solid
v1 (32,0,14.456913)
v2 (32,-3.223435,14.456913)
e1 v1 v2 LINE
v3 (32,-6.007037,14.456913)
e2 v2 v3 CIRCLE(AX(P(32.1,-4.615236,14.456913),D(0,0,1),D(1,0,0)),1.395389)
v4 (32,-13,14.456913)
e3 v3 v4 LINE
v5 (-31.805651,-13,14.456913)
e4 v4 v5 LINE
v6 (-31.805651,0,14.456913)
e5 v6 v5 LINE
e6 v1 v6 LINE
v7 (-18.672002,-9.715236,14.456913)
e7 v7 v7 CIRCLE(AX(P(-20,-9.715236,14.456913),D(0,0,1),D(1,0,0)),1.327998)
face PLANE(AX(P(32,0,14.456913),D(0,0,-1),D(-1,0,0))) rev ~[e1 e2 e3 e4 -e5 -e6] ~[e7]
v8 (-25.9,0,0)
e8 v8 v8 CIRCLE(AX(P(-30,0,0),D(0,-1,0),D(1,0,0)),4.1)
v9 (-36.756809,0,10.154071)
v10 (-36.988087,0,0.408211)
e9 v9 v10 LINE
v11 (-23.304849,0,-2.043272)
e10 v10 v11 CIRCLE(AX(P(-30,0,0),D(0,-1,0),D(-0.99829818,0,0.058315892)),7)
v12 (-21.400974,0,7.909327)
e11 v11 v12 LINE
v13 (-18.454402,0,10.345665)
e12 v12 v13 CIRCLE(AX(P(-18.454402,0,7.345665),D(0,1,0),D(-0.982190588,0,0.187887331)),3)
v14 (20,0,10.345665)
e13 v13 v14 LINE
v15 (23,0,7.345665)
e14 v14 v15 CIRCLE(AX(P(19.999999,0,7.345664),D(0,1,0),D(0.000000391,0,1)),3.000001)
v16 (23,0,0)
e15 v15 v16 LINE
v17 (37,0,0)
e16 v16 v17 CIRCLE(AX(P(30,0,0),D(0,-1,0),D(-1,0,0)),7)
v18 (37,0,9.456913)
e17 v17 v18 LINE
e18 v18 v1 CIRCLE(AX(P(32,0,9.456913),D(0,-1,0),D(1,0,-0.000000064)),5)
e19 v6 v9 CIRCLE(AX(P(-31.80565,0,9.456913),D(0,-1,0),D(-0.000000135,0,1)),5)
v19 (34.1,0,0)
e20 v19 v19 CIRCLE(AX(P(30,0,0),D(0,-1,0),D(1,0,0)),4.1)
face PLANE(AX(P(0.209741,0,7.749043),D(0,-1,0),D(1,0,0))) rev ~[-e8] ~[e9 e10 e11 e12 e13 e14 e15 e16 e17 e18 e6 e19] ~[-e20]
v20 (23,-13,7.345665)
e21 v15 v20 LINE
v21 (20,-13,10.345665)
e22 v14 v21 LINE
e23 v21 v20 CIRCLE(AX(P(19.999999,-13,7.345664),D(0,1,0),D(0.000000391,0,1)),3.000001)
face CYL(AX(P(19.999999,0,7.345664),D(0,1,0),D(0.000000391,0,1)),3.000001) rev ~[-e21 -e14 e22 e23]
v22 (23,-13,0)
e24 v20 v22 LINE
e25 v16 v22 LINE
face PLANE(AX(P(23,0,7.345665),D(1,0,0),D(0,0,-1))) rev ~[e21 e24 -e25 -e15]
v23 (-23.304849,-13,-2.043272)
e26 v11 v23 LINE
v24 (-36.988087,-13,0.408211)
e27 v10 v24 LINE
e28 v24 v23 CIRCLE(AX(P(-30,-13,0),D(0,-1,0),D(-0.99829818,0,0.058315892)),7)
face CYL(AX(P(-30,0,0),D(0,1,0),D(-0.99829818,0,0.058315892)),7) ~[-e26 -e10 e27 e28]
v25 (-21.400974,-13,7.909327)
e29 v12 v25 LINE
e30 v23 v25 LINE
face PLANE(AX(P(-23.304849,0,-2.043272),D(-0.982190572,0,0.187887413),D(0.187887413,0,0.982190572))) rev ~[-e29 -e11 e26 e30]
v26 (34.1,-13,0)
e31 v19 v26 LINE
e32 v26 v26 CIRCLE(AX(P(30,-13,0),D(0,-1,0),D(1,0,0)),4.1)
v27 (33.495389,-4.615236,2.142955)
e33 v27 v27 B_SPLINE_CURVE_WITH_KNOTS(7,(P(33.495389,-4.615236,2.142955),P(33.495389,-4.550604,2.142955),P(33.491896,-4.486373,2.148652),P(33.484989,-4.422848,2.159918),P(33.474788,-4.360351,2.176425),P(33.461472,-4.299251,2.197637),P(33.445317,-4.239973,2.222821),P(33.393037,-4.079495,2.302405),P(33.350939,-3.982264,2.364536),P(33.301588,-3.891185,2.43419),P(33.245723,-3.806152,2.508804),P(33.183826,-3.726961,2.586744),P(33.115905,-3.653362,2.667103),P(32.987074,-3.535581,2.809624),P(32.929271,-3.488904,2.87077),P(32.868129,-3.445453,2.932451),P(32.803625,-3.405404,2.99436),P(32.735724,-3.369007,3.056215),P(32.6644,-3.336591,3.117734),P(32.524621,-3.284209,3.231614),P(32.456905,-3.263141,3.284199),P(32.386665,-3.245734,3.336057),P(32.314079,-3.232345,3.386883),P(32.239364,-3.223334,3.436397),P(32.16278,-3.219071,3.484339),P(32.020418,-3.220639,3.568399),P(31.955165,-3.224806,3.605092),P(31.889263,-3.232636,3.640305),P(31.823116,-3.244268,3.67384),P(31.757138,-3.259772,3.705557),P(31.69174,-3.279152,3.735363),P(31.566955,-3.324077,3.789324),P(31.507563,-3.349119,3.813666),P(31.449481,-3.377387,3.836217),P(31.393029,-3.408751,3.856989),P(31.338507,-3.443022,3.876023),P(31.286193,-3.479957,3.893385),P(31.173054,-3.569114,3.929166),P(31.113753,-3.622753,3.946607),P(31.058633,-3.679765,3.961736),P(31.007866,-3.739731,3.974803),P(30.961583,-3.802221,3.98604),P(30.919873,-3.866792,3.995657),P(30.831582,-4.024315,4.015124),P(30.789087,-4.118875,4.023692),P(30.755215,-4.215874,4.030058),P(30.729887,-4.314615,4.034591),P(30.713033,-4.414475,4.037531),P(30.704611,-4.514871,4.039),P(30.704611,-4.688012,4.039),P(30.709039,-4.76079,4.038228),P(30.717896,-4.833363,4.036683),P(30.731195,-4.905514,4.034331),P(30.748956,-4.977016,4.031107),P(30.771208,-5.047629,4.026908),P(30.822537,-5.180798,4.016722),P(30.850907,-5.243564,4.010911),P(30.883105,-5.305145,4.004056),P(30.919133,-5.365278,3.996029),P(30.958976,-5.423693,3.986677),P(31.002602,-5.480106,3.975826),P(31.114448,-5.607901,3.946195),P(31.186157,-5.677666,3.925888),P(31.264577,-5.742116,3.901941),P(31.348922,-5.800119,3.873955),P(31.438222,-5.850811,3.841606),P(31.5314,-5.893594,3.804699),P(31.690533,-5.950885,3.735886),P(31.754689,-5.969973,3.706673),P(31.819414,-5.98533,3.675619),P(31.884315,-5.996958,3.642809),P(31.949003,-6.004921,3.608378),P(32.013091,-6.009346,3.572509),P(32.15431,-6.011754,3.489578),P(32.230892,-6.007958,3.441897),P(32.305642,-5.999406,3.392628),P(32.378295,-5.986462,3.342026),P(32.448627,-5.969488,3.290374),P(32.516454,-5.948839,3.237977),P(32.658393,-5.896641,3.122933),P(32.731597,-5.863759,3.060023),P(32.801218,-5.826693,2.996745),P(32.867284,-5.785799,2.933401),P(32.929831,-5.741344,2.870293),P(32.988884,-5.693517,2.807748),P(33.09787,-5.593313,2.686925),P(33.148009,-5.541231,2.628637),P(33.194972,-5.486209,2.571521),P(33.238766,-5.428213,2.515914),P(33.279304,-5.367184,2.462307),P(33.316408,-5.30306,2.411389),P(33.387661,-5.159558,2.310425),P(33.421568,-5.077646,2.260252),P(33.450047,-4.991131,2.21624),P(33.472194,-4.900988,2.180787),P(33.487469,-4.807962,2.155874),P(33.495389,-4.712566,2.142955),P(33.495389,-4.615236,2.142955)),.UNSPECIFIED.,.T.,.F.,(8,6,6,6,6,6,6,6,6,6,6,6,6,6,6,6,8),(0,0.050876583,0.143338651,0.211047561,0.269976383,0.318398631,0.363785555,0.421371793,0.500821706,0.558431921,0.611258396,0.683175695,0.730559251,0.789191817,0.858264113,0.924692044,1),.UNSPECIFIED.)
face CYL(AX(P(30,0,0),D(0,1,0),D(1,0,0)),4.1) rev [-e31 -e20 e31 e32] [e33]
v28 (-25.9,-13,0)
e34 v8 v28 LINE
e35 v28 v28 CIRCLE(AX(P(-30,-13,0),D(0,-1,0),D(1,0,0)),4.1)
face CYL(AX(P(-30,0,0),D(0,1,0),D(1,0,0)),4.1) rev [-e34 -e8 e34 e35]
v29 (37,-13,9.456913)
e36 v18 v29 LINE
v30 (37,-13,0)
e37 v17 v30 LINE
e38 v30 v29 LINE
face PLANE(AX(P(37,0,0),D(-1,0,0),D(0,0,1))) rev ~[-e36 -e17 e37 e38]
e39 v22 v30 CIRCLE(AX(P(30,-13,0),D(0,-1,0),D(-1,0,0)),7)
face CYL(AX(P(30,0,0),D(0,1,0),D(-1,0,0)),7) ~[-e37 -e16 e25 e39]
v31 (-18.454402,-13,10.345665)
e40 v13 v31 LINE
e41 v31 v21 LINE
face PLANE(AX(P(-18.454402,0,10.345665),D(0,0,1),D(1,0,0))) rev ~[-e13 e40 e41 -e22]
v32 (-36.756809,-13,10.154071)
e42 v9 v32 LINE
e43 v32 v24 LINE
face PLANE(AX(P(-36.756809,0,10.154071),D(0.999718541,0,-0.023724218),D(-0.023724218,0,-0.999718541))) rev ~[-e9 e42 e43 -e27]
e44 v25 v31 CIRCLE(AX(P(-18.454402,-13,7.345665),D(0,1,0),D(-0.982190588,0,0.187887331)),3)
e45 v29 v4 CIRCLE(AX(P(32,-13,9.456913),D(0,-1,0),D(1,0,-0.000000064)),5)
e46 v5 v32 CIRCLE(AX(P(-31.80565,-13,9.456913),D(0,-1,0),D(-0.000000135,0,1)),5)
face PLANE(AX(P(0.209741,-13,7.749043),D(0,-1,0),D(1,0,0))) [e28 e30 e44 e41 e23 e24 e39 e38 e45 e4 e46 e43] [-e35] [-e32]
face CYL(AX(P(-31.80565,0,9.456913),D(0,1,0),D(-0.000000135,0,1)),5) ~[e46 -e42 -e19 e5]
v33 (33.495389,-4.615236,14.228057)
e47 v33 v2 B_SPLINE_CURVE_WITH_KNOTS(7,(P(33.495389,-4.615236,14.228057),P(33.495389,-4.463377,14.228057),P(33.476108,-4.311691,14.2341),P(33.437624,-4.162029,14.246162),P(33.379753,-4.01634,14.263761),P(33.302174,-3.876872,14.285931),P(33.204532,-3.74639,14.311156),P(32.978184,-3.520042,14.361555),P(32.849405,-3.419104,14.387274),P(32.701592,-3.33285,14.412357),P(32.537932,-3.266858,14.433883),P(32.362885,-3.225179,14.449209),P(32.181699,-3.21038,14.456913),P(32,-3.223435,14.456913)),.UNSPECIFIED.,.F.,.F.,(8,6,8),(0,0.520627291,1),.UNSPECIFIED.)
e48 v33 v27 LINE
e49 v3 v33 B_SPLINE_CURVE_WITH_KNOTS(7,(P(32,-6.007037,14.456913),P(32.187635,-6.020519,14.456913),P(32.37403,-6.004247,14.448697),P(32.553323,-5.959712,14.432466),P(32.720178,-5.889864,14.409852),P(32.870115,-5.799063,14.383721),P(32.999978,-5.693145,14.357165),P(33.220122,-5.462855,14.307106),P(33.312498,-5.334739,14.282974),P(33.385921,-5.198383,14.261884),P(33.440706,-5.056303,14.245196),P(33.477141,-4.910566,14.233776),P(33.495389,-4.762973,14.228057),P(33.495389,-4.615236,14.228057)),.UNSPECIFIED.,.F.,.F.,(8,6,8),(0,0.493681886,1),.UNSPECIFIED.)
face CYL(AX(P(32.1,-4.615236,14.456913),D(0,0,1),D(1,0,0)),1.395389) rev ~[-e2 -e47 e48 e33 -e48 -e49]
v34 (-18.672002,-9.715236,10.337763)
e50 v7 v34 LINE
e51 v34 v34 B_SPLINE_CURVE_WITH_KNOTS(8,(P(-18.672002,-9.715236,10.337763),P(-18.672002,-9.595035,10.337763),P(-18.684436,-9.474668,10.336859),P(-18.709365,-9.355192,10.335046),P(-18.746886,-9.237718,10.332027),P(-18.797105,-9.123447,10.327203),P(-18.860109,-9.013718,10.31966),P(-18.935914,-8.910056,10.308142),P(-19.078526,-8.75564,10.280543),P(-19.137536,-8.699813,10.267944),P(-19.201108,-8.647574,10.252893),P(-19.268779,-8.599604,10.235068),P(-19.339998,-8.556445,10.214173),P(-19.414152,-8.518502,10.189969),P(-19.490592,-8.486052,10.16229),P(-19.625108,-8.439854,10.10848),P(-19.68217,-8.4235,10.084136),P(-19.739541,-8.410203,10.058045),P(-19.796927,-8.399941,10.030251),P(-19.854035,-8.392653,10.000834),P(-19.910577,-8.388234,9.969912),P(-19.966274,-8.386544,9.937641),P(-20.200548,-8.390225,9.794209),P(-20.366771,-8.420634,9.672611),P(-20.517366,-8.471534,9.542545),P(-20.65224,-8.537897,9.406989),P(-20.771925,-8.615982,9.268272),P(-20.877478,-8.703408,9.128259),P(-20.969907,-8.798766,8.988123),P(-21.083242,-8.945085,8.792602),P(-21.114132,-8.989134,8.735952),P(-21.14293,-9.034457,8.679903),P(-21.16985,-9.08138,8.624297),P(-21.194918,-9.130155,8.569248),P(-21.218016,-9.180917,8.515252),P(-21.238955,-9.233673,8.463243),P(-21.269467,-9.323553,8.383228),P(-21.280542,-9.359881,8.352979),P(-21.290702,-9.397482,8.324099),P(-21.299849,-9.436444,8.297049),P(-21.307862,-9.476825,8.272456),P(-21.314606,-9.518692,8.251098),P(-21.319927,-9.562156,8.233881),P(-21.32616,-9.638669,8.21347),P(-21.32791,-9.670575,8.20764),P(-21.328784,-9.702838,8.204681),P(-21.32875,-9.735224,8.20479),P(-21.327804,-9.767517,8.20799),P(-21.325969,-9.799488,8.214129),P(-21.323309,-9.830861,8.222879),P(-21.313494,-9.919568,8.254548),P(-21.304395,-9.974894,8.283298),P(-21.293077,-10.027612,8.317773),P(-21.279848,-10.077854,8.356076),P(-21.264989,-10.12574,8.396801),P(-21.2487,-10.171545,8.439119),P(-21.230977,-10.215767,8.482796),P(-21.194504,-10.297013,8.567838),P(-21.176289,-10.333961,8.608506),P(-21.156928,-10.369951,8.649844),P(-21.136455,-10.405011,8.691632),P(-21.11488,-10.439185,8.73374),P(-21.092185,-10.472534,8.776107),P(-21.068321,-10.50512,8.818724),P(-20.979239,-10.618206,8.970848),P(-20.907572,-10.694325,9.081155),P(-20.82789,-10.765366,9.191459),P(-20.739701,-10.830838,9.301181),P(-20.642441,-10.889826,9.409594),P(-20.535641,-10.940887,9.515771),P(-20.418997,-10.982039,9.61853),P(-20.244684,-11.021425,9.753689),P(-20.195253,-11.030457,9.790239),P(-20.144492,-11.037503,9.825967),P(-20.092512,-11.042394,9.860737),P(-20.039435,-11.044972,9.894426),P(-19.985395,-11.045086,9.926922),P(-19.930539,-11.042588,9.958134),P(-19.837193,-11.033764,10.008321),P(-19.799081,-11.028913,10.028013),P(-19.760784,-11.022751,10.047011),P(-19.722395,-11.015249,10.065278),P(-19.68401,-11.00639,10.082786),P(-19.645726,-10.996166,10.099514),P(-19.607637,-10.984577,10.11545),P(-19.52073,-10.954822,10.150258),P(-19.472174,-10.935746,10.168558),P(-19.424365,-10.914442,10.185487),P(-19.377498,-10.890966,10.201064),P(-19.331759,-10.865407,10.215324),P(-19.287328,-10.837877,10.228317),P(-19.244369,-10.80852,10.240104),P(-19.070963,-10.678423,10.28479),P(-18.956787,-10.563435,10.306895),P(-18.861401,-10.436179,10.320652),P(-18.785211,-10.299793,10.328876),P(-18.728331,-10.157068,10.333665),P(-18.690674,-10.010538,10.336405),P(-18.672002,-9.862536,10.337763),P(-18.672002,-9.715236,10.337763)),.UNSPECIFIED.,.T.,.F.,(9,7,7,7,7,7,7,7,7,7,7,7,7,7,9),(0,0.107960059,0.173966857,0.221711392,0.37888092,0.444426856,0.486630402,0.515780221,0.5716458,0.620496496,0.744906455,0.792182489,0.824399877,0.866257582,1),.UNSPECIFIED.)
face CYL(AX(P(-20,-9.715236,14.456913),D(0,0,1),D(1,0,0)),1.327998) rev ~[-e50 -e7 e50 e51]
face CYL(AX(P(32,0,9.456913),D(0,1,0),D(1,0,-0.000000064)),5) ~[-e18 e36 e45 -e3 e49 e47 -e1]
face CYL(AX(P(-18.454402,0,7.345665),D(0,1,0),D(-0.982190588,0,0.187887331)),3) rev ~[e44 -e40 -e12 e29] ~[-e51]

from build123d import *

# Parameters (mm, degrees)
F0_R     = 4.1
F1_DEPTH = 13
F2_R     = 1.327998
F2_R_2   = 1.395389
F3_DEPTH = 15


with BuildPart() as f1:
    # F0 (on Front) → F1 (new body)
    with BuildSketch(Plane.XZ):
        with BuildLine():
            Line((-36.756809, 10.154071), (-36.988087, 0.408211))
            ThreePointArc((-36.988087, 0.408211), (-31.234461, -6.890291), (-23.304849, -2.043272))
            Line((-23.304849, -2.043272), (-21.400974, 7.909327))
            ThreePointArc((-21.400974, 7.909327), (-20.366079, 9.657697), (-18.454402, 10.345665))
            Line((-18.454402, 10.345665), (-9.227201, 10.345665))
            Line((-9.227201, 10.345665), (0, 10.345665))
            Line((0, 10.345665), (10, 10.345665))
            Line((10, 10.345665), (20, 10.345665))
            ThreePointArc((20, 10.345665), (22.12132, 9.466985), (23, 7.345665))
            Line((23, 7.345665), (23, 0))
            ThreePointArc((23, 0), (30, -7), (37, 0))
            Line((37, 0), (37, 9.456913))
            ThreePointArc((37, 9.456913), (35.535534, 12.992447), (32, 14.456913))
            Line((32, 14.456913), (1.21127, 14.456913))
            Line((1.21127, 14.456913), (-1.21127, 14.456913))
            Line((-1.21127, 14.456913), (-31.805651, 14.456913))
            ThreePointArc((-31.805651, 14.456913), (-35.085453, 13.230889), (-36.756809, 10.154071))
        make_face()
        with Locations((-30, 0)):
            Circle(F0_R, mode=Mode.SUBTRACT)
        with Locations((30, 0)):
            Circle(F0_R, mode=Mode.SUBTRACT)
    extrude(amount=F1_DEPTH)

    # F2 (on face) → F3 (cut)
    with BuildSketch(Plane.XY.offset(14.456913)):
        with Locations((-20, -9.715236)):
            Circle(F2_R)
        with Locations((32.1, -4.615236)):
            Circle(F2_R_2)
    extrude(amount=-F3_DEPTH, mode=Mode.SUBTRACT)


solid = f1.part
